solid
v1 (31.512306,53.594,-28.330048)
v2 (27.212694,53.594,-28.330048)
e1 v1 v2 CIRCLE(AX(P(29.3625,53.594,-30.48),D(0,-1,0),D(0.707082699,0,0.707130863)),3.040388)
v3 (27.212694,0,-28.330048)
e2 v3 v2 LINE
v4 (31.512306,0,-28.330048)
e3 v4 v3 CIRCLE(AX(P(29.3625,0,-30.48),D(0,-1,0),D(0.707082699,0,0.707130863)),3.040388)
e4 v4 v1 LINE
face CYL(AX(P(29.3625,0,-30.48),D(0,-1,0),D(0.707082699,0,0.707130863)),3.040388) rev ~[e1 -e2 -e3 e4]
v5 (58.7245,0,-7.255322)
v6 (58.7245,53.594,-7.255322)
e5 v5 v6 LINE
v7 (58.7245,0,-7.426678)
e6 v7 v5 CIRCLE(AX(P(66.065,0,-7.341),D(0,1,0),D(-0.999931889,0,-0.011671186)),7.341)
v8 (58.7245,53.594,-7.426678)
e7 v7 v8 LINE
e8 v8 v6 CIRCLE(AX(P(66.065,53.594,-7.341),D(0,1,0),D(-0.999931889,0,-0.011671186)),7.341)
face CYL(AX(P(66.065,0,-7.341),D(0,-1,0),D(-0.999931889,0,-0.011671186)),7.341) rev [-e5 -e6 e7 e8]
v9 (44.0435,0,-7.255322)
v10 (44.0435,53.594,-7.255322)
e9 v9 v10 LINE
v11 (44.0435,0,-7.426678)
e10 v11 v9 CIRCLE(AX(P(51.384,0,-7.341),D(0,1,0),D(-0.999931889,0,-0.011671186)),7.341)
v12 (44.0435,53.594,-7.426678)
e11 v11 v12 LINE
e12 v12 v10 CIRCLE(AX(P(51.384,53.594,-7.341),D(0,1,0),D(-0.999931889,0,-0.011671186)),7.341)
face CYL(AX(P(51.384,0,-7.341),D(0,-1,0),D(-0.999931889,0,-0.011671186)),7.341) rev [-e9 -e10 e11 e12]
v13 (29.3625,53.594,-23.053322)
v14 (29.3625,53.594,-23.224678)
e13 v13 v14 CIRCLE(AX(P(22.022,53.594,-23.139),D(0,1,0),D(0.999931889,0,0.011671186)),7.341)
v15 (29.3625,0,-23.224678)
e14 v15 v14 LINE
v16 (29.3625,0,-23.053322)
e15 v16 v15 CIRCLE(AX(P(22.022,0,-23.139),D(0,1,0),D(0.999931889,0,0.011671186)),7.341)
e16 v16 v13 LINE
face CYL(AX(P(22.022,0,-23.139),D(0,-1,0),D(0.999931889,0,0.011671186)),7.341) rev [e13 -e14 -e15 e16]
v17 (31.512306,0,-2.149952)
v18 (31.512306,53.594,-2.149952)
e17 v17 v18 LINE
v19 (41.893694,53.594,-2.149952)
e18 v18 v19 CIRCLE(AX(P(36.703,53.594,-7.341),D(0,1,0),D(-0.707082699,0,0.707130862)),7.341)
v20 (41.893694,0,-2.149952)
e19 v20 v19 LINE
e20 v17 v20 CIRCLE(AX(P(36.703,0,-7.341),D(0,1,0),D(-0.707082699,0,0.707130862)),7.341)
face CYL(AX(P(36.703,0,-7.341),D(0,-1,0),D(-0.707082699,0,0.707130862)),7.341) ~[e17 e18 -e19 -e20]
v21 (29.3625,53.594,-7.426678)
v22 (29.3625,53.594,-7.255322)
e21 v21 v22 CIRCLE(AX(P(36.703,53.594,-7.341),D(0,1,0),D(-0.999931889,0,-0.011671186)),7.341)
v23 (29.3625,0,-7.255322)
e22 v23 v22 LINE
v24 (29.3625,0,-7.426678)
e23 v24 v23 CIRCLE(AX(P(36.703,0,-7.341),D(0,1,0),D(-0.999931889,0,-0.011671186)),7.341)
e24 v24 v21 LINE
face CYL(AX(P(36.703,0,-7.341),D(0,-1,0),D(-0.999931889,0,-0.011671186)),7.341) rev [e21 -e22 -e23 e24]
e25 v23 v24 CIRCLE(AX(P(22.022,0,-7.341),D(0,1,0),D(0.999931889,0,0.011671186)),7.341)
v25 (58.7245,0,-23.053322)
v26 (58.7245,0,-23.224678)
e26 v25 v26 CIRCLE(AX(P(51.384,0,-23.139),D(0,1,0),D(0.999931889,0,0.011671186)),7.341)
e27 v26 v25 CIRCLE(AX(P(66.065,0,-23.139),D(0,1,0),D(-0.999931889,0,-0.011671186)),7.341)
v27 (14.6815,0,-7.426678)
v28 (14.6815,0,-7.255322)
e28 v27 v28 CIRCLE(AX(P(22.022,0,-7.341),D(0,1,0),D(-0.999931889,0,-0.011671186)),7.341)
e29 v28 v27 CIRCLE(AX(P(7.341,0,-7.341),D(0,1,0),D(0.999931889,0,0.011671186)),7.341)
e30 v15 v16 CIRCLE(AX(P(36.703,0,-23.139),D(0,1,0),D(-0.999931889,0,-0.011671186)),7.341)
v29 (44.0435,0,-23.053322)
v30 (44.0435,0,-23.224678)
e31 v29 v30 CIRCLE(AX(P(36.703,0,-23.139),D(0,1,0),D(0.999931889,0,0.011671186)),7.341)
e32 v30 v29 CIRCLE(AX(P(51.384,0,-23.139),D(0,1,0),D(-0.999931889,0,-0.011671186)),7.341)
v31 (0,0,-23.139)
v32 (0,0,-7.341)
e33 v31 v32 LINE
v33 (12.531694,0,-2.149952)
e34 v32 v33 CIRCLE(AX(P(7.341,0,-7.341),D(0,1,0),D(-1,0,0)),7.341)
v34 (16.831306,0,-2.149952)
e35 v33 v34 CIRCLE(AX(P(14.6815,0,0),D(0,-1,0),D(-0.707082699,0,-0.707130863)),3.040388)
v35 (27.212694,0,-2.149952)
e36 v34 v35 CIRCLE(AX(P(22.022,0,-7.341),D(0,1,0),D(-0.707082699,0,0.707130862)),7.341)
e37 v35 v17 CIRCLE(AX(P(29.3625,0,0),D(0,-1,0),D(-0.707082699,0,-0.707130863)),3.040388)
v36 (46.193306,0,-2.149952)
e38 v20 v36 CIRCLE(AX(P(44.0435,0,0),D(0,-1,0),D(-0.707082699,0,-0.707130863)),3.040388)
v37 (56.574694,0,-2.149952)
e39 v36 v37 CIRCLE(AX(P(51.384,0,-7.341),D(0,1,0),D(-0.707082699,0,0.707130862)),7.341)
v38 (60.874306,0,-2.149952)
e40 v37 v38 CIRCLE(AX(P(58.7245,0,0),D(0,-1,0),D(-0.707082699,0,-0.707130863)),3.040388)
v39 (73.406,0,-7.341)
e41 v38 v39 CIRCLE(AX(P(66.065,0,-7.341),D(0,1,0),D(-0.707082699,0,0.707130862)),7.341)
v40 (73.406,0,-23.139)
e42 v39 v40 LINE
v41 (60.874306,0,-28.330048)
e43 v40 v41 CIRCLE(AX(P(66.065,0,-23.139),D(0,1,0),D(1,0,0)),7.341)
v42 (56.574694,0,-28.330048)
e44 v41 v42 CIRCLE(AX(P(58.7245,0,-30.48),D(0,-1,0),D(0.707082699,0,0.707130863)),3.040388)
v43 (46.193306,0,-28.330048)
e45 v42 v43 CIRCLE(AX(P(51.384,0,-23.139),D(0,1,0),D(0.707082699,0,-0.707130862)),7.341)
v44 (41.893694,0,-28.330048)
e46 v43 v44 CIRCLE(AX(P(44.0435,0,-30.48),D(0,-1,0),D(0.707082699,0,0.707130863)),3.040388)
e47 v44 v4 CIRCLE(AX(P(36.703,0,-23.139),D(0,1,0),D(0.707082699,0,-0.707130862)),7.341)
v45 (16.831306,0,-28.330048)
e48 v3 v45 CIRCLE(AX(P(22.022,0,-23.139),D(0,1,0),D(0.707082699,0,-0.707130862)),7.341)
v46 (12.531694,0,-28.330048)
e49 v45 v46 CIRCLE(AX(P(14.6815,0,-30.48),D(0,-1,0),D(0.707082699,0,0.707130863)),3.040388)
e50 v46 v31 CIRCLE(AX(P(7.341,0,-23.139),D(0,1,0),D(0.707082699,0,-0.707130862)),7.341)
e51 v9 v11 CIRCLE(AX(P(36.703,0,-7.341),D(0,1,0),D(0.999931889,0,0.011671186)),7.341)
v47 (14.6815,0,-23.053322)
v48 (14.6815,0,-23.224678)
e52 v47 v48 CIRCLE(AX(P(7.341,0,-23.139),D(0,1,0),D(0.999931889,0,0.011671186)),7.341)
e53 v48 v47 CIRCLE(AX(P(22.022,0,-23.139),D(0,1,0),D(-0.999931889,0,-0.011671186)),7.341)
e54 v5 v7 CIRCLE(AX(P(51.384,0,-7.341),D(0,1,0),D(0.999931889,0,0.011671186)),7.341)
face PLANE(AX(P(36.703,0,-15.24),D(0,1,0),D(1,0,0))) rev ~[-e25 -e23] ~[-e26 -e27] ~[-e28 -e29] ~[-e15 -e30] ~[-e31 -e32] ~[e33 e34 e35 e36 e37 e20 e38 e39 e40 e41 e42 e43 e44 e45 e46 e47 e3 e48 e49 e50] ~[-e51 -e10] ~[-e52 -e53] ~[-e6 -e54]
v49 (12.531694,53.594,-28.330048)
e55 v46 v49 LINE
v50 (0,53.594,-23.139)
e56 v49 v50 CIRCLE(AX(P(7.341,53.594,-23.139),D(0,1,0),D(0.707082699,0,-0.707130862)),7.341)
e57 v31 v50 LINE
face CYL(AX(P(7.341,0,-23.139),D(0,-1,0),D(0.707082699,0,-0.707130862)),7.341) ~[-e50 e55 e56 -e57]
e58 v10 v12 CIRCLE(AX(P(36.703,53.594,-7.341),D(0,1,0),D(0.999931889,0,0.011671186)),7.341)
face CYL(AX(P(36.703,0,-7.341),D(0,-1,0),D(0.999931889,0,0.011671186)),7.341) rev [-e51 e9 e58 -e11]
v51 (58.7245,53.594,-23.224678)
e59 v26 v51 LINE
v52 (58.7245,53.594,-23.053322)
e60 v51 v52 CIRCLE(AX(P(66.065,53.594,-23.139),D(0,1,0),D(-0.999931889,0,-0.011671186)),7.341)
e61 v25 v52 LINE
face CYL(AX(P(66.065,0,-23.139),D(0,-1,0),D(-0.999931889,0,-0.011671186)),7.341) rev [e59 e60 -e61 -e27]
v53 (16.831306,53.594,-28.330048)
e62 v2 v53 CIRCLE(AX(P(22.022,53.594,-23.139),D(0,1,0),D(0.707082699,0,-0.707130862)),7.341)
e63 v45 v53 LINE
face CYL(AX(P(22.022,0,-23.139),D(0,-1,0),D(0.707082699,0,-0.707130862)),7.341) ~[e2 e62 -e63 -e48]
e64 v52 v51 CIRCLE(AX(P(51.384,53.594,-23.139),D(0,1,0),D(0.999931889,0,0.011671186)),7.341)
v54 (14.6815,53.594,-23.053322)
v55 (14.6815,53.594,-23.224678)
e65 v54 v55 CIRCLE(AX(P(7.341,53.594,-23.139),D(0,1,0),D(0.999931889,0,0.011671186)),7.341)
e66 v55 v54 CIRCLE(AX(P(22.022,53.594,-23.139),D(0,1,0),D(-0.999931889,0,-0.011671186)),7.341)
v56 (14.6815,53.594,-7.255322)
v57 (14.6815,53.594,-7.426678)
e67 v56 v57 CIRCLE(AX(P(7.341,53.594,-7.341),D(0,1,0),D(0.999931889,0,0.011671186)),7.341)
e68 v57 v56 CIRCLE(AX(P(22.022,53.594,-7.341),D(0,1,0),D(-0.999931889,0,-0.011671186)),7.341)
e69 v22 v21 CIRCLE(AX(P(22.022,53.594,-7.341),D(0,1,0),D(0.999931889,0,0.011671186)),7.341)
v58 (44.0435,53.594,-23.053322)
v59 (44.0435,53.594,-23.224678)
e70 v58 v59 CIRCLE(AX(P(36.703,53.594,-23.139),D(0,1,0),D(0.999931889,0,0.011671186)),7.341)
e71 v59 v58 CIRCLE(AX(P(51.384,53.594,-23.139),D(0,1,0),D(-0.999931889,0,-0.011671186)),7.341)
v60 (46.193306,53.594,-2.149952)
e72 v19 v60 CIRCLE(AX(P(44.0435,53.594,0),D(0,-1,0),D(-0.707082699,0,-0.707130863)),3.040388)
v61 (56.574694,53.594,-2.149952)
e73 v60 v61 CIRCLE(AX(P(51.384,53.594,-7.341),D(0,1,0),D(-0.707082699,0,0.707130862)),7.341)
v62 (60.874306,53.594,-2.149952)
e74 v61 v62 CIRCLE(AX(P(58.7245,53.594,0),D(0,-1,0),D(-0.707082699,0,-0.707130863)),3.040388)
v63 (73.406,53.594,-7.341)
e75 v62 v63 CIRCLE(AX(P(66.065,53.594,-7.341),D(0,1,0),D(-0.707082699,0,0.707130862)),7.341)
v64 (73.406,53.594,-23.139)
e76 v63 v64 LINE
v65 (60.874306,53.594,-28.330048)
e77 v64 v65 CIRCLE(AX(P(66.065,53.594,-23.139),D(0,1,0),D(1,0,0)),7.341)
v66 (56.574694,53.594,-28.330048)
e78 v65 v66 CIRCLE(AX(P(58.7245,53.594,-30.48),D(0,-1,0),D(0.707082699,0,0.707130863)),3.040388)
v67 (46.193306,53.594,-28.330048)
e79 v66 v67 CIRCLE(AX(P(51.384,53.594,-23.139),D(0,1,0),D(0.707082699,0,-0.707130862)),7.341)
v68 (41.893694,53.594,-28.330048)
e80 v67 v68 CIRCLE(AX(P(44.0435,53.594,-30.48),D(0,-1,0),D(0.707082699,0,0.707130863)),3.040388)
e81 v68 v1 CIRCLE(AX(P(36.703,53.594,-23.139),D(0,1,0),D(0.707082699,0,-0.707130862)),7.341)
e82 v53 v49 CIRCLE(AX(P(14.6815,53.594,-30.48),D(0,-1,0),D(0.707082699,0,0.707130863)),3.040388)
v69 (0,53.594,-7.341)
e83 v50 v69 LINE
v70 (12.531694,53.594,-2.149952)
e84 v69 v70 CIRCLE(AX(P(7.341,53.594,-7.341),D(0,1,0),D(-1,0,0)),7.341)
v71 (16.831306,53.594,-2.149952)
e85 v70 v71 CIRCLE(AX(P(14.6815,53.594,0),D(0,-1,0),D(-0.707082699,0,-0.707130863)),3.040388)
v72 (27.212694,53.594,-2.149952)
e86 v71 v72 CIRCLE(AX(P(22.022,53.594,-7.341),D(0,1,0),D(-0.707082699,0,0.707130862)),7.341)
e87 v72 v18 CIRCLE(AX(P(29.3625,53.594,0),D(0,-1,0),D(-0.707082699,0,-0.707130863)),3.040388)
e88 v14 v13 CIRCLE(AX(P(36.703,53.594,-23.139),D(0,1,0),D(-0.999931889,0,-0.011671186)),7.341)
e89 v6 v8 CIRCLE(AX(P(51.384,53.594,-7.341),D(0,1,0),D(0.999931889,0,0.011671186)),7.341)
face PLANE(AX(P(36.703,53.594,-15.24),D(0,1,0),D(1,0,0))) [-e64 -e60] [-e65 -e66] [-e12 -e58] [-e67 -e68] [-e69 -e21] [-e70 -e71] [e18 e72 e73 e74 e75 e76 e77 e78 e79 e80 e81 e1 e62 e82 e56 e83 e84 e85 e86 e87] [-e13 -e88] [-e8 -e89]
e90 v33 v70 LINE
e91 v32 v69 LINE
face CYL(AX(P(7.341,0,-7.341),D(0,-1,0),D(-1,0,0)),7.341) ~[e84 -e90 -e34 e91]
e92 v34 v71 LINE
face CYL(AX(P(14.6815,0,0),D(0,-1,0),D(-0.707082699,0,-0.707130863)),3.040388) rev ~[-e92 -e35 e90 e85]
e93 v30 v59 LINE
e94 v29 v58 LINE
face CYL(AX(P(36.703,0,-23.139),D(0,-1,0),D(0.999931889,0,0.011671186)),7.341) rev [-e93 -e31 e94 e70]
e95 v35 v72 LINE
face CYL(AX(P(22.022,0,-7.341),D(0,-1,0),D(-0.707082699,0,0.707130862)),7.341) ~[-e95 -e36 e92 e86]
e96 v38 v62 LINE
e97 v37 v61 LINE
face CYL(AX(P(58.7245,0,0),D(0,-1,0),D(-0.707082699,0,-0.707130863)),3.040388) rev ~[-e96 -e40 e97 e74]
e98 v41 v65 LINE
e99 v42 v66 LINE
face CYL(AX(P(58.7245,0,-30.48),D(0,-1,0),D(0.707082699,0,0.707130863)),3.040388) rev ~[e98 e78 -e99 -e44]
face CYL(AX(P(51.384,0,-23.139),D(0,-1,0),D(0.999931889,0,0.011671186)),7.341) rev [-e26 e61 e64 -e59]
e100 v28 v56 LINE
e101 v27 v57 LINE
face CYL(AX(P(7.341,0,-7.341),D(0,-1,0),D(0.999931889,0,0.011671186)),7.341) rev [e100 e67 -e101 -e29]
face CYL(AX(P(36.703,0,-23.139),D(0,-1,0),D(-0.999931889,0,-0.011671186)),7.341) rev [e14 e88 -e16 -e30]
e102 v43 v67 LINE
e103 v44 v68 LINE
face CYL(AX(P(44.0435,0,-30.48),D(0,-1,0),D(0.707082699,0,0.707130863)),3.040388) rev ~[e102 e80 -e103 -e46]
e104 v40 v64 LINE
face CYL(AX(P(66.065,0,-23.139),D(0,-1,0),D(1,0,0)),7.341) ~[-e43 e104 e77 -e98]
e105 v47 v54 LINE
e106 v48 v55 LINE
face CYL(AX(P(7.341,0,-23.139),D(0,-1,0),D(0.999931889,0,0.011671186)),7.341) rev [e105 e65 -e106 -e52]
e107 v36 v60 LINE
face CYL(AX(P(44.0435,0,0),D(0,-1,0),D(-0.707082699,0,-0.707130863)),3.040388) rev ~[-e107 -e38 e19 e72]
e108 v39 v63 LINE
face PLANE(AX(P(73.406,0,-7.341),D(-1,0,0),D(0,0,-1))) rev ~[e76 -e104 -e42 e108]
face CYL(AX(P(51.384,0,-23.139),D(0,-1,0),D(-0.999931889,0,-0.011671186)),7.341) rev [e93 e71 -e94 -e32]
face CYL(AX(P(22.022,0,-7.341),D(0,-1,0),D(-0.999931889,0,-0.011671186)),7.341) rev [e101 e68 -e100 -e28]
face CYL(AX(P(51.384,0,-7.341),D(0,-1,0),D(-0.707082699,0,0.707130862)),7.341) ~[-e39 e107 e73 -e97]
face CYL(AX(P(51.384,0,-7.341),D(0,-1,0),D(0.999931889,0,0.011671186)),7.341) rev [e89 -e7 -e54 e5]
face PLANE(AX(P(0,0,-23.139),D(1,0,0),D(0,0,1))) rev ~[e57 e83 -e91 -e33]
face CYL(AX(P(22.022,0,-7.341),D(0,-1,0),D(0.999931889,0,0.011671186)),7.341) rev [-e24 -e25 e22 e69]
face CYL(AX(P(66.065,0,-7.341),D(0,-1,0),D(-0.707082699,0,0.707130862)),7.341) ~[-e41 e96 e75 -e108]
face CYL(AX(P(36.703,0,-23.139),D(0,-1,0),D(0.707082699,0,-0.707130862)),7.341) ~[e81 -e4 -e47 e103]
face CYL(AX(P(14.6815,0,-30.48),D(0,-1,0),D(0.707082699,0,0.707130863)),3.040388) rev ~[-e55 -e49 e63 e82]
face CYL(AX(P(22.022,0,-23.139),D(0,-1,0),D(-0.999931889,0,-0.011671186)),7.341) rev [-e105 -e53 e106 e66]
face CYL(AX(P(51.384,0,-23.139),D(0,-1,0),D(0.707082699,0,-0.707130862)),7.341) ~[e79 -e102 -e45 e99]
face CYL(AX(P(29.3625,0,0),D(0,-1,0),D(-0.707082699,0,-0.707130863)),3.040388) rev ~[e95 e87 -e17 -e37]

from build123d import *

# Parameters (mm, degrees)
BOSS_EXTRUDE1_DEPTH = 53.594


with BuildPart() as part:
    # Sketch1 → Boss-Extrude1 (new body)
    with BuildSketch(Plane(origin=(0, 0, 0), x_dir=(1, 0, 0), z_dir=(0, 1, 0))):
        with BuildLine():
            Line((0, 23.139), (0, 7.341))
            ThreePointArc((0, 7.341), (4.531605435, 0.55884819), (12.531694095, 2.14995234))
            ThreePointArc((12.531694095, 2.14995234), (14.6815, 3.040388214), (16.831305905, 2.14995234))
            ThreePointArc((16.831305905, 2.14995234), (22.022, 0), (27.212694095, 2.14995234))
            ThreePointArc((27.212694095, 2.14995234), (29.3625, 3.040388214), (31.512305905, 2.14995234))
            ThreePointArc((31.512305905, 2.14995234), (36.703, 0), (41.893694095, 2.14995234))
            ThreePointArc((41.893694095, 2.14995234), (44.0435, 3.040388214), (46.193305905, 2.14995234))
            ThreePointArc((46.193305905, 2.14995234), (51.384, 0), (56.574694095, 2.14995234))
            ThreePointArc((56.574694095, 2.14995234), (58.7245, 3.040388214), (60.874305905, 2.14995234))
            ThreePointArc((60.874305905, 2.14995234), (68.874394565, 0.55884819), (73.406, 7.341))
            Line((73.406, 7.341), (73.406, 23.139))
            ThreePointArc((73.406, 23.139), (68.874394565, 29.92115181), (60.874305905, 28.33004766))
            ThreePointArc((60.874305905, 28.33004766), (58.7245, 27.439611786), (56.574694095, 28.33004766))
            ThreePointArc((56.574694095, 28.33004766), (51.384, 30.48), (46.193305905, 28.33004766))
            ThreePointArc((46.193305905, 28.33004766), (44.0435, 27.439611786), (41.893694095, 28.33004766))
            ThreePointArc((41.893694095, 28.33004766), (36.703, 30.48), (31.512305905, 28.33004766))
            ThreePointArc((31.512305905, 28.33004766), (29.3625, 27.439611786), (27.212694095, 28.33004766))
            ThreePointArc((27.212694095, 28.33004766), (22.022, 30.48), (16.831305905, 28.33004766))
            ThreePointArc((16.831305905, 28.33004766), (14.6815, 27.439611786), (12.531694095, 28.33004766))
            ThreePointArc((12.531694095, 28.33004766), (4.531605435, 29.92115181), (0, 23.139))
        make_face()
        with BuildLine():
            ThreePointArc((14.6815, 23.053321823), (14.682, 23.139), (14.6815, 23.224678177))
            ThreePointArc((14.6815, 23.224678177), (14.681, 23.139), (14.6815, 23.053321823))
        make_face(mode=Mode.SUBTRACT)
        with BuildLine():
            ThreePointArc((29.3625, 23.053321823), (29.363, 23.139), (29.3625, 23.224678177))
            ThreePointArc((29.3625, 23.224678177), (29.362, 23.139), (29.3625, 23.053321823))
        make_face(mode=Mode.SUBTRACT)
        with BuildLine():
            ThreePointArc((14.6815, 7.426678177), (14.681, 7.341), (14.6815, 7.255321823))
            ThreePointArc((14.6815, 7.255321823), (14.682, 7.341), (14.6815, 7.426678177))
        make_face(mode=Mode.SUBTRACT)
        with BuildLine():
            ThreePointArc((44.0435, 23.053321823), (44.044, 23.139), (44.0435, 23.224678177))
            ThreePointArc((44.0435, 23.224678177), (44.043, 23.139), (44.0435, 23.053321823))
        make_face(mode=Mode.SUBTRACT)
        with BuildLine():
            ThreePointArc((29.3625, 7.426678177), (29.362, 7.341), (29.3625, 7.255321823))
            ThreePointArc((29.3625, 7.255321823), (29.363, 7.341), (29.3625, 7.426678177))
        make_face(mode=Mode.SUBTRACT)
        with BuildLine():
            ThreePointArc((58.7245, 23.053321823), (58.725, 23.139), (58.7245, 23.224678177))
            ThreePointArc((58.7245, 23.224678177), (58.724, 23.139), (58.7245, 23.053321823))
        make_face(mode=Mode.SUBTRACT)
        with BuildLine():
            ThreePointArc((44.0435, 7.426678177), (44.043, 7.341), (44.0435, 7.255321823))
            ThreePointArc((44.0435, 7.255321823), (44.044, 7.341), (44.0435, 7.426678177))
        make_face(mode=Mode.SUBTRACT)
        with BuildLine():
            ThreePointArc((58.7245, 7.426678177), (58.724, 7.341), (58.7245, 7.255321823))
            ThreePointArc((58.7245, 7.255321823), (58.725, 7.341), (58.7245, 7.426678177))
        make_face(mode=Mode.SUBTRACT)
    extrude(amount=BOSS_EXTRUDE1_DEPTH)


solid = part.part
